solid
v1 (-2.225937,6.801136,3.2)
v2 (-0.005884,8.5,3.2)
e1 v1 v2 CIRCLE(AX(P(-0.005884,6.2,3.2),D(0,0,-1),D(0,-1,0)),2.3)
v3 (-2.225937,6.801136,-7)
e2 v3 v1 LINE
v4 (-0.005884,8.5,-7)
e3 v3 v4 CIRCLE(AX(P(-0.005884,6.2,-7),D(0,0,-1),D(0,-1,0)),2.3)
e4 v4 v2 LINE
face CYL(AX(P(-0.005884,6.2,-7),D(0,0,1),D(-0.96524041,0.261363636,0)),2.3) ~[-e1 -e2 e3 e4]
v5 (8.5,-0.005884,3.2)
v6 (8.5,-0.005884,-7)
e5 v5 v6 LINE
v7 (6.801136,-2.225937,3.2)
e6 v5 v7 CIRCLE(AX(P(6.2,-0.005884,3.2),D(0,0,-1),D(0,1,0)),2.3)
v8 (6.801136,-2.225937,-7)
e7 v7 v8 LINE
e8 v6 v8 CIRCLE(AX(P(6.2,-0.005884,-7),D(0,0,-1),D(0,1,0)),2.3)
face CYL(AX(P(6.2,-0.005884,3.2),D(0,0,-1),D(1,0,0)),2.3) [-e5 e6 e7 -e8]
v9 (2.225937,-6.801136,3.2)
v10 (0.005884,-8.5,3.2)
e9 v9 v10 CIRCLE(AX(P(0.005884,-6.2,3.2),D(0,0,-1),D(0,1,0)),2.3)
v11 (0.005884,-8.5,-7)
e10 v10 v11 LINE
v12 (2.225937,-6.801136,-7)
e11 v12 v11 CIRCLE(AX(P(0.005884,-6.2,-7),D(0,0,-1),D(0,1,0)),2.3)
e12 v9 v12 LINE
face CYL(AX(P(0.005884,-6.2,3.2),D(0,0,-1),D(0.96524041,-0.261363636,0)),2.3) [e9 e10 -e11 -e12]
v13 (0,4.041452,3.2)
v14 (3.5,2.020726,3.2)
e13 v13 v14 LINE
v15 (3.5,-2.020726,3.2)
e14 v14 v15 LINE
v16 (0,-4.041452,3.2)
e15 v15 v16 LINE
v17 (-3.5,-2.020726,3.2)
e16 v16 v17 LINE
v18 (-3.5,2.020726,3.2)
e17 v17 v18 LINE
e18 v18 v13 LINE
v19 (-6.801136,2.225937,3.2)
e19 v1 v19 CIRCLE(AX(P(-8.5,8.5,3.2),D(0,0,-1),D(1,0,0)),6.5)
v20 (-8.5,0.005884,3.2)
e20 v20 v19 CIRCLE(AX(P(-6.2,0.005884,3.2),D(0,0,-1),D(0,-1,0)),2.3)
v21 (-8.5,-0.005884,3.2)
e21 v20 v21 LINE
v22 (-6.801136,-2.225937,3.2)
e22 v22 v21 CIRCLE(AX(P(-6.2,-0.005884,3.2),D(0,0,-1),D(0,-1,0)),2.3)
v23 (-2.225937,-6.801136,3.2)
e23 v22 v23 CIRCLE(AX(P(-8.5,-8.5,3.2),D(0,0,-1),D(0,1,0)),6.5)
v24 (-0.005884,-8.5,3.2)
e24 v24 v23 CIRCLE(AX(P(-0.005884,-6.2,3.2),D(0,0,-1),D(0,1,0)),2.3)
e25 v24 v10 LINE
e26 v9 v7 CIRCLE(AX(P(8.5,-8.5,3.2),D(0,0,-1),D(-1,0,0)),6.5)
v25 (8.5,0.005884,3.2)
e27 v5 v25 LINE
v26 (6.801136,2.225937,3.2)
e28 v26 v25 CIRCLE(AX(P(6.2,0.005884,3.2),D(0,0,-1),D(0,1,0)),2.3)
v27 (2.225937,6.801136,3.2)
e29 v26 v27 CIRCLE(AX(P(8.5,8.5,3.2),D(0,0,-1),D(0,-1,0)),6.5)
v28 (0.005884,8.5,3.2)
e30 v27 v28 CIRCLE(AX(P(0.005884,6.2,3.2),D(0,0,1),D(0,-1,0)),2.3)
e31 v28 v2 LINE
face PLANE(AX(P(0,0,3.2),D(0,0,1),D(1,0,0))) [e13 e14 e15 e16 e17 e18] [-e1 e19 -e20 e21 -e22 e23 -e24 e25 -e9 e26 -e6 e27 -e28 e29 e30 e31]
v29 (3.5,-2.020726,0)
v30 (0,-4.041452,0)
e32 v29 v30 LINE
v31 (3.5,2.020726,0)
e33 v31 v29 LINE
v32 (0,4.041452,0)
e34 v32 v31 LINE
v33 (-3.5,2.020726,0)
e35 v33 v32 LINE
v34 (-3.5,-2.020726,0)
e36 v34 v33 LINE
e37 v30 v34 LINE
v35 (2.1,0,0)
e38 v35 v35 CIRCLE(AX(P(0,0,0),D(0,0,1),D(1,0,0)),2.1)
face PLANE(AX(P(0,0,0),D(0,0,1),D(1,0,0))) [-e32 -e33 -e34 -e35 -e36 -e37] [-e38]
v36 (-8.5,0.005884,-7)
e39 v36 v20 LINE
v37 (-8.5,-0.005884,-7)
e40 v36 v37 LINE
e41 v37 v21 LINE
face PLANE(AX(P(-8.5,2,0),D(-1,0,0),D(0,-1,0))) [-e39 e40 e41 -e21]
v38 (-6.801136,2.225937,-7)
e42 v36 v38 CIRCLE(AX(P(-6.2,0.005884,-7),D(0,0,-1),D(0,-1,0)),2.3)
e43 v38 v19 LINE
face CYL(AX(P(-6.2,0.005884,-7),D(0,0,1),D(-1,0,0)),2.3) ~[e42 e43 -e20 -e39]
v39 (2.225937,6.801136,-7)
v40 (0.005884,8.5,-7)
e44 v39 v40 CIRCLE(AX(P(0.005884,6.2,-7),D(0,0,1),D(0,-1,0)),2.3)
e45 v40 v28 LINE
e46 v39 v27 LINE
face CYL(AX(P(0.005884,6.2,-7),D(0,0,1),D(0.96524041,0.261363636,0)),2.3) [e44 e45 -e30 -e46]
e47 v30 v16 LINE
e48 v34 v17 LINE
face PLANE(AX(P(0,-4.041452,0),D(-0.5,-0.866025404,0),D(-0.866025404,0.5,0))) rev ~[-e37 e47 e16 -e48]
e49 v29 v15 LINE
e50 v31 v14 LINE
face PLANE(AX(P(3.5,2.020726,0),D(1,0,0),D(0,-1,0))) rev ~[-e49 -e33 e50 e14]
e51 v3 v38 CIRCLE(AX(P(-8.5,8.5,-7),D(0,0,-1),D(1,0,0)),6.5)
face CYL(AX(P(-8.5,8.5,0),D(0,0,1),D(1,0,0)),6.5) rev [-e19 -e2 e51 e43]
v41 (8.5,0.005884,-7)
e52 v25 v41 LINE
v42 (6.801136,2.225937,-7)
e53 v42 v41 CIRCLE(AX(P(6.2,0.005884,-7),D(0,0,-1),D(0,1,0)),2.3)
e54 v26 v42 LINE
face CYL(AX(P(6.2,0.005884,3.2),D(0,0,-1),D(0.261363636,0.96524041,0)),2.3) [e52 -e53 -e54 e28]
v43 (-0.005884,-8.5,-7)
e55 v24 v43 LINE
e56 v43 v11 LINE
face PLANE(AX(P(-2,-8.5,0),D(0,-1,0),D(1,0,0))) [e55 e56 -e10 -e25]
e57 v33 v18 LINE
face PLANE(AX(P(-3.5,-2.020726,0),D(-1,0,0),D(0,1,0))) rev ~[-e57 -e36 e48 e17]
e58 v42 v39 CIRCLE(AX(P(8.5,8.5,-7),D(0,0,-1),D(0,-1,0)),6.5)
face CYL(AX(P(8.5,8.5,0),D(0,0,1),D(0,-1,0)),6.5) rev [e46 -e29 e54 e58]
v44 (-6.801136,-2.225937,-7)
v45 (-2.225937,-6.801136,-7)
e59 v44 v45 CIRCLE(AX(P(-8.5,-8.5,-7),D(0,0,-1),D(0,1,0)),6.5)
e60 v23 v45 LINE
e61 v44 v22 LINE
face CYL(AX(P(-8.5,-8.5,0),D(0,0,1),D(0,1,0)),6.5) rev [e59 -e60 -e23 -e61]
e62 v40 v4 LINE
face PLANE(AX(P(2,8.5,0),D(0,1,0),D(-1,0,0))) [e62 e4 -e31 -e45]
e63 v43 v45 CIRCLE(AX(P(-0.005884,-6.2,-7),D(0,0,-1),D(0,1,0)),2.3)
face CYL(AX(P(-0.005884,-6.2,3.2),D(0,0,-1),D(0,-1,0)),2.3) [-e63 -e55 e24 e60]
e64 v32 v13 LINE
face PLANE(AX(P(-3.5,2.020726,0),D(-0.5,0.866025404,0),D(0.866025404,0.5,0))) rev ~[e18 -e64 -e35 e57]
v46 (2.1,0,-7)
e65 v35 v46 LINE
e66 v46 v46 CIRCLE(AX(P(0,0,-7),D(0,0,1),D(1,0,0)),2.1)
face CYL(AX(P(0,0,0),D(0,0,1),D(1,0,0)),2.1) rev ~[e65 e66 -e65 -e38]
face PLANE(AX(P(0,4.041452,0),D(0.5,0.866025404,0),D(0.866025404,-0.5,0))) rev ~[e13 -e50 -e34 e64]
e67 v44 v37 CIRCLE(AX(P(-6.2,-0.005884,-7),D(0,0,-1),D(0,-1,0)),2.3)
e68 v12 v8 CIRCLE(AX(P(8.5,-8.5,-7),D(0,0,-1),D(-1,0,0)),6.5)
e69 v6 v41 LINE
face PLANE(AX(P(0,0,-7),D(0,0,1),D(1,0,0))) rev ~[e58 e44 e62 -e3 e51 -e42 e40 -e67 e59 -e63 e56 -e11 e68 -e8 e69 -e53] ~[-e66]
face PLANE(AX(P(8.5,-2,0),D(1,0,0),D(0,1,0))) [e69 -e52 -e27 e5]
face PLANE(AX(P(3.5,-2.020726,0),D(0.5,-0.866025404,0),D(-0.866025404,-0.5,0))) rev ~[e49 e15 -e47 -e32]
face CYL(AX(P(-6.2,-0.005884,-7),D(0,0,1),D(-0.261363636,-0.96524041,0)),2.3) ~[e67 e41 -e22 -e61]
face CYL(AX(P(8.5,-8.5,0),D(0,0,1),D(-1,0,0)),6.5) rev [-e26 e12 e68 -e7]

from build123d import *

# Parameters (mm, degrees)
F1_DEPTH = 3.2
F0_R     = 2.1
F2_DEPTH = 7
F3_R     = 2.3


with BuildPart() as f1:
    # F0 (on Top) → F1 (new body)
    with BuildSketch(Plane.XY):
        with BuildLine():
            Line((8.5, 0), (8.5, 2))
            ThreePointArc((8.5, 2), (3.9038059223, 3.9038059223), (2, 8.5))
            Line((2, 8.5), (0, 8.5))
            Line((0, 8.5), (-2, 8.5))
            ThreePointArc((-2, 8.5), (-3.9038059223, 3.9038059223), (-8.5, 2))
            Line((-8.5, 2), (-8.5, 0))
            Line((-8.5, 0), (-8.5, -2))
            ThreePointArc((-8.5, -2), (-3.9038059223, -3.9038059223), (-2, -8.5))
            Line((-2, -8.5), (0, -8.5))
            Line((0, -8.5), (2, -8.5))
            ThreePointArc((2, -8.5), (3.9038059223, -3.9038059223), (8.5, -2))
            Line((8.5, -2), (8.5, 0))
        make_face()
        Polygon((0, 4.0414518843), (3.5, 2.0207259422), (3.5, -2.0207259422), (0, -4.0414518843), (-3.5, -2.0207259422), (-3.5, 2.0207259422), align=None, mode=Mode.SUBTRACT)
    extrude(amount=F1_DEPTH)

    # F0 (on Top) → F2 (join)
    with BuildSketch(Plane.XY):
        with BuildLine():
            Line((8.5, 0), (8.5, 2))
            ThreePointArc((8.5, 2), (3.9038059223, 3.9038059223), (2, 8.5))
            Line((2, 8.5), (0, 8.5))
            Line((0, 8.5), (-2, 8.5))
            ThreePointArc((-2, 8.5), (-3.9038059223, 3.9038059223), (-8.5, 2))
            Line((-8.5, 2), (-8.5, 0))
            Line((-8.5, 0), (-8.5, -2))
            ThreePointArc((-8.5, -2), (-3.9038059223, -3.9038059223), (-2, -8.5))
            Line((-2, -8.5), (0, -8.5))
            Line((0, -8.5), (2, -8.5))
            ThreePointArc((2, -8.5), (3.9038059223, -3.9038059223), (8.5, -2))
            Line((8.5, -2), (8.5, 0))
        make_face()
        Polygon((0, 4.0414518843), (3.5, 2.0207259422), (3.5, -2.0207259422), (0, -4.0414518843), (-3.5, -2.0207259422), (-3.5, 2.0207259422), align=None, mode=Mode.SUBTRACT)
        Polygon((3.5, -2.0207259422), (3.5, 2.0207259422), (0, 4.0414518843), (-3.5, 2.0207259422), (-3.5, -2.0207259422), (0, -4.0414518843), align=None)
        Circle(F0_R, mode=Mode.SUBTRACT)
    extrude(amount=-F2_DEPTH)

    # F3
    f3_edges = [f1.edges().sort_by_distance(p)[0] for p in [
        (8.5, 2, -1.9),
        (8.5, -2, -1.9),
        (2, -8.5, -1.9),
        (2, 8.5, -1.9),
        (-2, 8.5, -1.9),
        (-8.5, 2, -1.9),
        (-8.5, -2, -1.9),
        (-2, -8.5, -1.9),
    ]]
    fillet(f3_edges, radius=F3_R)


solid = f1.part
